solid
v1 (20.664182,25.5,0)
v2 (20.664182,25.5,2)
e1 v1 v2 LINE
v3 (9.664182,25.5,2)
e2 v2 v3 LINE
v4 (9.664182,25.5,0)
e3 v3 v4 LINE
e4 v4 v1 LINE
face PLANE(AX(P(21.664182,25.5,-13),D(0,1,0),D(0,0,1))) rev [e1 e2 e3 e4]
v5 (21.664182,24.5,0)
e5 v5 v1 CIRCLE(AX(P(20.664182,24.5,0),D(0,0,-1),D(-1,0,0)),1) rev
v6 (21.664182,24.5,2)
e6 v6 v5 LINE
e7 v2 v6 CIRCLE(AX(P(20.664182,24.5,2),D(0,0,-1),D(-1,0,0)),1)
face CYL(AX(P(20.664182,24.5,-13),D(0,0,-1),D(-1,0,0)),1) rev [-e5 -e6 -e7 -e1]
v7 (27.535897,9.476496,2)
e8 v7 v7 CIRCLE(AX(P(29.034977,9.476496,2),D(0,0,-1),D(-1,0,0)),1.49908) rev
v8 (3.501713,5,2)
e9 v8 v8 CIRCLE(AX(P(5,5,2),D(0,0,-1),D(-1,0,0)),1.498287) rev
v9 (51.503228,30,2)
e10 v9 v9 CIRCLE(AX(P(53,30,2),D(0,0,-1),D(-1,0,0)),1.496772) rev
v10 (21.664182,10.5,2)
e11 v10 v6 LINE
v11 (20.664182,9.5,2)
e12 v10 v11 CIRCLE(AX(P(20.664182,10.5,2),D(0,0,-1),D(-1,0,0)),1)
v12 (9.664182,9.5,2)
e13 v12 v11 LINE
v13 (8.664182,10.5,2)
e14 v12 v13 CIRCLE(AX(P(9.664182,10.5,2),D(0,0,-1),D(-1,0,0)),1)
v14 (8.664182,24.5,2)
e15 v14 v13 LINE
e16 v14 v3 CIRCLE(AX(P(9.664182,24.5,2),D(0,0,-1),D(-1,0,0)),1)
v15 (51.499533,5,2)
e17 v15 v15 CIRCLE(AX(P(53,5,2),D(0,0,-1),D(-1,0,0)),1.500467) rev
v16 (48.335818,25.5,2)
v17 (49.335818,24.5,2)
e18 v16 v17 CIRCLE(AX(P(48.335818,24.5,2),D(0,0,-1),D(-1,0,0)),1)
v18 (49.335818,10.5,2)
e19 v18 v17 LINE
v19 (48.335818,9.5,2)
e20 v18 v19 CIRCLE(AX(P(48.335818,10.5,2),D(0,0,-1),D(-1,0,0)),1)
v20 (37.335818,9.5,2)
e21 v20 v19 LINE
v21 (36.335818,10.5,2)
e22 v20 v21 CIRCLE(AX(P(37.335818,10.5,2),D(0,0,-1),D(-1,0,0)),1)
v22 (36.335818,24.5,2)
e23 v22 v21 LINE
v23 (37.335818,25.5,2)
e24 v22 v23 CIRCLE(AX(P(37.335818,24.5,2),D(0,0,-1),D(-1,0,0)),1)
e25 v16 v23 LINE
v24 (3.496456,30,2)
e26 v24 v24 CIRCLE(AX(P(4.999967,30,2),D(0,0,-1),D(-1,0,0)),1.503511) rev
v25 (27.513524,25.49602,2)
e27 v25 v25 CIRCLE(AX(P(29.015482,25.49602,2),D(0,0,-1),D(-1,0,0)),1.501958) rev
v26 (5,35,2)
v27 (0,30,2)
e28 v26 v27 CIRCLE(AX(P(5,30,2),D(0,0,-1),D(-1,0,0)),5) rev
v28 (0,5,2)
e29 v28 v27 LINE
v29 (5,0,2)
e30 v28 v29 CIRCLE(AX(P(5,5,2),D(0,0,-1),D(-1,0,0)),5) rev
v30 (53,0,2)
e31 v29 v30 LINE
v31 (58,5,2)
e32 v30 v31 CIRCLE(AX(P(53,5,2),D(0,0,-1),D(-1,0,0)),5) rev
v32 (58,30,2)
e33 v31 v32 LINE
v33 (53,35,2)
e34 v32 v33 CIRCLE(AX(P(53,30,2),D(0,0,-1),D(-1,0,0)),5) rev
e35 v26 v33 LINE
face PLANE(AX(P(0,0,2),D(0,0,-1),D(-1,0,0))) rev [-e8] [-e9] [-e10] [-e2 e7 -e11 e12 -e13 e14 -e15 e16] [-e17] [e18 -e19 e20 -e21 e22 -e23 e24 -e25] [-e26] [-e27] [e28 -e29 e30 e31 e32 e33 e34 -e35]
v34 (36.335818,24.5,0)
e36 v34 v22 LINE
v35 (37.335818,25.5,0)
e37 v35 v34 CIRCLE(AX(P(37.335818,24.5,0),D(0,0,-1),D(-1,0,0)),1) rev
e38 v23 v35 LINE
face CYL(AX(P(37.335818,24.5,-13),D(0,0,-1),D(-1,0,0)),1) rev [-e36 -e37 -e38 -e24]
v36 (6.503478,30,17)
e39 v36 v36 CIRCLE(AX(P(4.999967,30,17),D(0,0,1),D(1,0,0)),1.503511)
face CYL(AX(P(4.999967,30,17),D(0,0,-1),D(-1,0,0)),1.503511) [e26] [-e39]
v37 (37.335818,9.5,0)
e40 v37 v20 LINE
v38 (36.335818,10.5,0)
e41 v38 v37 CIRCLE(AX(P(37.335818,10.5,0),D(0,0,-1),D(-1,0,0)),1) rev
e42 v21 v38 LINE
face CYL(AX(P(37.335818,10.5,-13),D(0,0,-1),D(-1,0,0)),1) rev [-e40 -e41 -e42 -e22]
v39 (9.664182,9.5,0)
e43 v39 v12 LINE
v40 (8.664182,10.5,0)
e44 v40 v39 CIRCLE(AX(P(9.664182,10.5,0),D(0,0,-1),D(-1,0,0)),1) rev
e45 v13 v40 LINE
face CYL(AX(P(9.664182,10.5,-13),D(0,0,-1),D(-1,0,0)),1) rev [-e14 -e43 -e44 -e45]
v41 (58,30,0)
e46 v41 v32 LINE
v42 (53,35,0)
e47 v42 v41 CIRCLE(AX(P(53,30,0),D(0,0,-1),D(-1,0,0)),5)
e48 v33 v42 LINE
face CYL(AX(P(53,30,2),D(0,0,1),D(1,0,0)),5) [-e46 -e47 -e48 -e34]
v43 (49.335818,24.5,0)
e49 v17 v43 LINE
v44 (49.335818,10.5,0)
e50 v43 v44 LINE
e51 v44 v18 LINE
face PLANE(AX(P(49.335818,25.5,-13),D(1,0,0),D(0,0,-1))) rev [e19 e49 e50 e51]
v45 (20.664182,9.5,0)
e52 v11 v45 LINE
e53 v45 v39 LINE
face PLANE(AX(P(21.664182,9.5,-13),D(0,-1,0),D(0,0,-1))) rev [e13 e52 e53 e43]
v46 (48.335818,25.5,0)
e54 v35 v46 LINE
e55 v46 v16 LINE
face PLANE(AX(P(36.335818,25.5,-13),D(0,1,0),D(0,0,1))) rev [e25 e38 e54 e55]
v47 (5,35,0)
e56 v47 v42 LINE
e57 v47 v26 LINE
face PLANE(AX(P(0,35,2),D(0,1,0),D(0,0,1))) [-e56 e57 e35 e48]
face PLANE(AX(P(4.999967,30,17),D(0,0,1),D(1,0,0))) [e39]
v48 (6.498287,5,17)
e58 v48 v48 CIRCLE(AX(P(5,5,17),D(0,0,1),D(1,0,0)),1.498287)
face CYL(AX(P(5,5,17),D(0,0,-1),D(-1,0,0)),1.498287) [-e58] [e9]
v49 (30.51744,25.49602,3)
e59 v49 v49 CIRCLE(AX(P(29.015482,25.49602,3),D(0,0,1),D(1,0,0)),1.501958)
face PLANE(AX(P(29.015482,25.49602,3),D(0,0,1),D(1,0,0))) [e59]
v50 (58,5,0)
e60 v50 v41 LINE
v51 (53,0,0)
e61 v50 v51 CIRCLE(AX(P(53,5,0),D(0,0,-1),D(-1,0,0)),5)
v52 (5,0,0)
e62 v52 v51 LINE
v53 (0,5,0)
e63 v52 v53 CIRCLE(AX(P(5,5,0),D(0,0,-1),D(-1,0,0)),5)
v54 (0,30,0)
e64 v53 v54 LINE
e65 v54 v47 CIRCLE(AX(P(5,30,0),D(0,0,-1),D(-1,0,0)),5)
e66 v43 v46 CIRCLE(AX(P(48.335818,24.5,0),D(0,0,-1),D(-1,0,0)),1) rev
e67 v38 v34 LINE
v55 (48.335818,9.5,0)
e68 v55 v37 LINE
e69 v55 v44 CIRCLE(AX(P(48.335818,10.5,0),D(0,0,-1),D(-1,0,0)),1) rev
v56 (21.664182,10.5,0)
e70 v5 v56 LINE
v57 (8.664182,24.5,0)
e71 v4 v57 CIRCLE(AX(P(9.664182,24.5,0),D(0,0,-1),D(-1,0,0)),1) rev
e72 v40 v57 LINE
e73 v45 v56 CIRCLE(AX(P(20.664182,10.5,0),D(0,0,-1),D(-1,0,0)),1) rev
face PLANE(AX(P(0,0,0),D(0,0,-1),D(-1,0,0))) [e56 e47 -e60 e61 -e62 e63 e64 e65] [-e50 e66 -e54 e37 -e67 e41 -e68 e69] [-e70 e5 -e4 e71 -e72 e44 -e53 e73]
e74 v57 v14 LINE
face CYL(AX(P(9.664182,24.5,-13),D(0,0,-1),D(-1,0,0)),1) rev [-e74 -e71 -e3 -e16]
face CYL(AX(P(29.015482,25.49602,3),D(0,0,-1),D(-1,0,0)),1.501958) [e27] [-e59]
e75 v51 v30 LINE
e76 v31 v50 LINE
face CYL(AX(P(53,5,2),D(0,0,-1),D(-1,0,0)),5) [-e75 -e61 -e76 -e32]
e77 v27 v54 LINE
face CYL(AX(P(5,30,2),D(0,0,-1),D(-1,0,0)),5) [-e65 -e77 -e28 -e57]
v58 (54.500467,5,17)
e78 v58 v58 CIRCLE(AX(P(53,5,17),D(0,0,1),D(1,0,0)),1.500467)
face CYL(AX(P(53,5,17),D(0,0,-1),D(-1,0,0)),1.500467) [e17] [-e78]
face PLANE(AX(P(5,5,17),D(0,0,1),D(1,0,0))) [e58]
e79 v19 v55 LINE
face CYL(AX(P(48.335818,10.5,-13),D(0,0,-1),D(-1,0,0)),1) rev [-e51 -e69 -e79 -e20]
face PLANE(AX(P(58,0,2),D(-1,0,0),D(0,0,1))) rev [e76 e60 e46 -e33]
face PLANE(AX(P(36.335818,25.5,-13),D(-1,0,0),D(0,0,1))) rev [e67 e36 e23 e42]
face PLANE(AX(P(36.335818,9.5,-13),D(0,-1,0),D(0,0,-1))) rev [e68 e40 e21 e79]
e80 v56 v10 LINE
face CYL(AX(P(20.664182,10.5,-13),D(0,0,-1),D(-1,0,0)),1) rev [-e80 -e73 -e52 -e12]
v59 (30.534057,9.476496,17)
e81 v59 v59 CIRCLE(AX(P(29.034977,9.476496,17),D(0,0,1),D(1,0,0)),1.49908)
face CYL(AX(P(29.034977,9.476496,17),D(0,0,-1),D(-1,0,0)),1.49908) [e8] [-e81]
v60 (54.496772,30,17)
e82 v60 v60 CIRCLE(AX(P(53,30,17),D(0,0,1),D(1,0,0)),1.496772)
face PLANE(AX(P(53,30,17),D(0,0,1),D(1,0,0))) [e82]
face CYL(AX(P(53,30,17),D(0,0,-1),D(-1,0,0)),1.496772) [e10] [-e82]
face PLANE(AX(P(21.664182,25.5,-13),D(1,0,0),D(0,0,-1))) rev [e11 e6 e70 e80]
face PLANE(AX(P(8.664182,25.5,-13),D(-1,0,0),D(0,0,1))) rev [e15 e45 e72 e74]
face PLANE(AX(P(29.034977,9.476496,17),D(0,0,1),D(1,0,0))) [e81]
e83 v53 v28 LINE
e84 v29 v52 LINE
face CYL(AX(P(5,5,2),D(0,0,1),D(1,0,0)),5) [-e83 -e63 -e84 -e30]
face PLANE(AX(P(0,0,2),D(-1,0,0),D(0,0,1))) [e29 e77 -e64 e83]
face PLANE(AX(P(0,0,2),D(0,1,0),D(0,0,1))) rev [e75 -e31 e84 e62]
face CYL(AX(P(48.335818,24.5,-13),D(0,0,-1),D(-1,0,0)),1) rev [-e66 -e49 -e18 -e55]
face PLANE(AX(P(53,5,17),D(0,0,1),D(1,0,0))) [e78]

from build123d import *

# Parameters (mm, degrees)
SKIZZE1_W                        = 58
SKIZZE1_H                        = 35
AUFSATZ_LINEAR_AUSTRAGEN1_DEPTH  = 2
VERRUNDUNG1_R                    = 5
SKIZZE10_R                       = 1.496771876
AUFSATZ_LINEAR_AUSTRAGEN6_DEPTH  = 15
SKIZZE11_R                       = 1.503510887
AUFSATZ_LINEAR_AUSTRAGEN7_DEPTH  = 15
SKIZZE12_R                       = 1.498287051
AUFSATZ_LINEAR_AUSTRAGEN8_DEPTH  = 15
SKIZZE13_R                       = 1.500467236
AUFSATZ_LINEAR_AUSTRAGEN9_DEPTH  = 15
SKIZZE23_W                       = 13
SKIZZE23_H                       = 16
SCHNITT_LINEAR_AUSTRAGEN3_DEPTH  = 15
VERRUNDUNG4_R                    = 1
SKIZZE24_R                       = 1.501958256
AUFSATZ_LINEAR_AUSTRAGEN10_DEPTH = 1
SKIZZE26_R                       = 1.499079917
AUFSATZ_LINEAR_AUSTRAGEN11_DEPTH = 15


with BuildPart() as part:
    # Skizze1 → Aufsatz-Linear austragen1 (new body)
    with BuildSketch(Plane.XY):
        with Locations((29, 17.5)):
            Rectangle(SKIZZE1_W, SKIZZE1_H)
    extrude(amount=AUFSATZ_LINEAR_AUSTRAGEN1_DEPTH)

    # Verrundung1
    verrundung1_edges = [part.edges().sort_by_distance(p)[0] for p in [
        (58, 35, 1),
        (0, 0, 1),
        (0, 35, 1),
        (58, 0, 1),
    ]]
    fillet(verrundung1_edges, radius=VERRUNDUNG1_R)

    # Skizze10 → Aufsatz-Linear austragen6 (add)
    with BuildSketch(Plane.XY.offset(2)):
        with Locations((53, 30)):
            Circle(SKIZZE10_R)
    extrude(amount=AUFSATZ_LINEAR_AUSTRAGEN6_DEPTH)

    # Skizze11 → Aufsatz-Linear austragen7 (add)
    with BuildSketch(Plane.XY.offset(2)):
        with Locations((4.999967007, 30)):
            Circle(SKIZZE11_R)
    extrude(amount=AUFSATZ_LINEAR_AUSTRAGEN7_DEPTH)

    # Skizze12 → Aufsatz-Linear austragen8 (add)
    with BuildSketch(Plane.XY.offset(2)):
        with Locations((5, 5)):
            Circle(SKIZZE12_R)
    extrude(amount=AUFSATZ_LINEAR_AUSTRAGEN8_DEPTH)

    # Skizze13 → Aufsatz-Linear austragen9 (add)
    with BuildSketch(Plane.XY.offset(2)):
        with Locations((53, 5)):
            Circle(SKIZZE13_R)
    extrude(amount=AUFSATZ_LINEAR_AUSTRAGEN9_DEPTH)

    # Skizze23 → Schnitt-Linear austragen3 (cut)
    with BuildSketch(Plane.XY.offset(2)):
        with Locations((42.835818152, 17.5)):
            Rectangle(SKIZZE23_W, SKIZZE23_H)
        with Locations((15.164181848, 17.5)):
            Rectangle(SKIZZE23_W, SKIZZE23_H)
    extrude(amount=-SCHNITT_LINEAR_AUSTRAGEN3_DEPTH, mode=Mode.SUBTRACT)

    # Verrundung4
    verrundung4_edges = [part.edges().sort_by_distance(p)[0] for p in [
        (49.335818152, 9.5, 1),
        (21.664181848, 9.5, 1),
        (36.335818152, 9.5, 1),
        (8.664181848, 9.5, 1),
        (36.335818152, 25.5, 1),
        (49.335818152, 25.5, 1),
        (21.664181848, 25.5, 1),
        (8.664181848, 25.5, 1),
    ]]
    fillet(verrundung4_edges, radius=VERRUNDUNG4_R)

    # Skizze24 → Aufsatz-Linear austragen10 (add)
    with BuildSketch(Plane.XY.offset(2)):
        with Locations((29.015481973, 25.496020028)):
            Circle(SKIZZE24_R)
    extrude(amount=AUFSATZ_LINEAR_AUSTRAGEN10_DEPTH)

    # Skizze26 → Aufsatz-Linear austragen11 (add)
    with BuildSketch(Plane.XY.offset(2)):
        with Locations((29.034976799, 9.476495672)):
            Circle(SKIZZE26_R)
    extrude(amount=AUFSATZ_LINEAR_AUSTRAGEN11_DEPTH)


solid = part.part
